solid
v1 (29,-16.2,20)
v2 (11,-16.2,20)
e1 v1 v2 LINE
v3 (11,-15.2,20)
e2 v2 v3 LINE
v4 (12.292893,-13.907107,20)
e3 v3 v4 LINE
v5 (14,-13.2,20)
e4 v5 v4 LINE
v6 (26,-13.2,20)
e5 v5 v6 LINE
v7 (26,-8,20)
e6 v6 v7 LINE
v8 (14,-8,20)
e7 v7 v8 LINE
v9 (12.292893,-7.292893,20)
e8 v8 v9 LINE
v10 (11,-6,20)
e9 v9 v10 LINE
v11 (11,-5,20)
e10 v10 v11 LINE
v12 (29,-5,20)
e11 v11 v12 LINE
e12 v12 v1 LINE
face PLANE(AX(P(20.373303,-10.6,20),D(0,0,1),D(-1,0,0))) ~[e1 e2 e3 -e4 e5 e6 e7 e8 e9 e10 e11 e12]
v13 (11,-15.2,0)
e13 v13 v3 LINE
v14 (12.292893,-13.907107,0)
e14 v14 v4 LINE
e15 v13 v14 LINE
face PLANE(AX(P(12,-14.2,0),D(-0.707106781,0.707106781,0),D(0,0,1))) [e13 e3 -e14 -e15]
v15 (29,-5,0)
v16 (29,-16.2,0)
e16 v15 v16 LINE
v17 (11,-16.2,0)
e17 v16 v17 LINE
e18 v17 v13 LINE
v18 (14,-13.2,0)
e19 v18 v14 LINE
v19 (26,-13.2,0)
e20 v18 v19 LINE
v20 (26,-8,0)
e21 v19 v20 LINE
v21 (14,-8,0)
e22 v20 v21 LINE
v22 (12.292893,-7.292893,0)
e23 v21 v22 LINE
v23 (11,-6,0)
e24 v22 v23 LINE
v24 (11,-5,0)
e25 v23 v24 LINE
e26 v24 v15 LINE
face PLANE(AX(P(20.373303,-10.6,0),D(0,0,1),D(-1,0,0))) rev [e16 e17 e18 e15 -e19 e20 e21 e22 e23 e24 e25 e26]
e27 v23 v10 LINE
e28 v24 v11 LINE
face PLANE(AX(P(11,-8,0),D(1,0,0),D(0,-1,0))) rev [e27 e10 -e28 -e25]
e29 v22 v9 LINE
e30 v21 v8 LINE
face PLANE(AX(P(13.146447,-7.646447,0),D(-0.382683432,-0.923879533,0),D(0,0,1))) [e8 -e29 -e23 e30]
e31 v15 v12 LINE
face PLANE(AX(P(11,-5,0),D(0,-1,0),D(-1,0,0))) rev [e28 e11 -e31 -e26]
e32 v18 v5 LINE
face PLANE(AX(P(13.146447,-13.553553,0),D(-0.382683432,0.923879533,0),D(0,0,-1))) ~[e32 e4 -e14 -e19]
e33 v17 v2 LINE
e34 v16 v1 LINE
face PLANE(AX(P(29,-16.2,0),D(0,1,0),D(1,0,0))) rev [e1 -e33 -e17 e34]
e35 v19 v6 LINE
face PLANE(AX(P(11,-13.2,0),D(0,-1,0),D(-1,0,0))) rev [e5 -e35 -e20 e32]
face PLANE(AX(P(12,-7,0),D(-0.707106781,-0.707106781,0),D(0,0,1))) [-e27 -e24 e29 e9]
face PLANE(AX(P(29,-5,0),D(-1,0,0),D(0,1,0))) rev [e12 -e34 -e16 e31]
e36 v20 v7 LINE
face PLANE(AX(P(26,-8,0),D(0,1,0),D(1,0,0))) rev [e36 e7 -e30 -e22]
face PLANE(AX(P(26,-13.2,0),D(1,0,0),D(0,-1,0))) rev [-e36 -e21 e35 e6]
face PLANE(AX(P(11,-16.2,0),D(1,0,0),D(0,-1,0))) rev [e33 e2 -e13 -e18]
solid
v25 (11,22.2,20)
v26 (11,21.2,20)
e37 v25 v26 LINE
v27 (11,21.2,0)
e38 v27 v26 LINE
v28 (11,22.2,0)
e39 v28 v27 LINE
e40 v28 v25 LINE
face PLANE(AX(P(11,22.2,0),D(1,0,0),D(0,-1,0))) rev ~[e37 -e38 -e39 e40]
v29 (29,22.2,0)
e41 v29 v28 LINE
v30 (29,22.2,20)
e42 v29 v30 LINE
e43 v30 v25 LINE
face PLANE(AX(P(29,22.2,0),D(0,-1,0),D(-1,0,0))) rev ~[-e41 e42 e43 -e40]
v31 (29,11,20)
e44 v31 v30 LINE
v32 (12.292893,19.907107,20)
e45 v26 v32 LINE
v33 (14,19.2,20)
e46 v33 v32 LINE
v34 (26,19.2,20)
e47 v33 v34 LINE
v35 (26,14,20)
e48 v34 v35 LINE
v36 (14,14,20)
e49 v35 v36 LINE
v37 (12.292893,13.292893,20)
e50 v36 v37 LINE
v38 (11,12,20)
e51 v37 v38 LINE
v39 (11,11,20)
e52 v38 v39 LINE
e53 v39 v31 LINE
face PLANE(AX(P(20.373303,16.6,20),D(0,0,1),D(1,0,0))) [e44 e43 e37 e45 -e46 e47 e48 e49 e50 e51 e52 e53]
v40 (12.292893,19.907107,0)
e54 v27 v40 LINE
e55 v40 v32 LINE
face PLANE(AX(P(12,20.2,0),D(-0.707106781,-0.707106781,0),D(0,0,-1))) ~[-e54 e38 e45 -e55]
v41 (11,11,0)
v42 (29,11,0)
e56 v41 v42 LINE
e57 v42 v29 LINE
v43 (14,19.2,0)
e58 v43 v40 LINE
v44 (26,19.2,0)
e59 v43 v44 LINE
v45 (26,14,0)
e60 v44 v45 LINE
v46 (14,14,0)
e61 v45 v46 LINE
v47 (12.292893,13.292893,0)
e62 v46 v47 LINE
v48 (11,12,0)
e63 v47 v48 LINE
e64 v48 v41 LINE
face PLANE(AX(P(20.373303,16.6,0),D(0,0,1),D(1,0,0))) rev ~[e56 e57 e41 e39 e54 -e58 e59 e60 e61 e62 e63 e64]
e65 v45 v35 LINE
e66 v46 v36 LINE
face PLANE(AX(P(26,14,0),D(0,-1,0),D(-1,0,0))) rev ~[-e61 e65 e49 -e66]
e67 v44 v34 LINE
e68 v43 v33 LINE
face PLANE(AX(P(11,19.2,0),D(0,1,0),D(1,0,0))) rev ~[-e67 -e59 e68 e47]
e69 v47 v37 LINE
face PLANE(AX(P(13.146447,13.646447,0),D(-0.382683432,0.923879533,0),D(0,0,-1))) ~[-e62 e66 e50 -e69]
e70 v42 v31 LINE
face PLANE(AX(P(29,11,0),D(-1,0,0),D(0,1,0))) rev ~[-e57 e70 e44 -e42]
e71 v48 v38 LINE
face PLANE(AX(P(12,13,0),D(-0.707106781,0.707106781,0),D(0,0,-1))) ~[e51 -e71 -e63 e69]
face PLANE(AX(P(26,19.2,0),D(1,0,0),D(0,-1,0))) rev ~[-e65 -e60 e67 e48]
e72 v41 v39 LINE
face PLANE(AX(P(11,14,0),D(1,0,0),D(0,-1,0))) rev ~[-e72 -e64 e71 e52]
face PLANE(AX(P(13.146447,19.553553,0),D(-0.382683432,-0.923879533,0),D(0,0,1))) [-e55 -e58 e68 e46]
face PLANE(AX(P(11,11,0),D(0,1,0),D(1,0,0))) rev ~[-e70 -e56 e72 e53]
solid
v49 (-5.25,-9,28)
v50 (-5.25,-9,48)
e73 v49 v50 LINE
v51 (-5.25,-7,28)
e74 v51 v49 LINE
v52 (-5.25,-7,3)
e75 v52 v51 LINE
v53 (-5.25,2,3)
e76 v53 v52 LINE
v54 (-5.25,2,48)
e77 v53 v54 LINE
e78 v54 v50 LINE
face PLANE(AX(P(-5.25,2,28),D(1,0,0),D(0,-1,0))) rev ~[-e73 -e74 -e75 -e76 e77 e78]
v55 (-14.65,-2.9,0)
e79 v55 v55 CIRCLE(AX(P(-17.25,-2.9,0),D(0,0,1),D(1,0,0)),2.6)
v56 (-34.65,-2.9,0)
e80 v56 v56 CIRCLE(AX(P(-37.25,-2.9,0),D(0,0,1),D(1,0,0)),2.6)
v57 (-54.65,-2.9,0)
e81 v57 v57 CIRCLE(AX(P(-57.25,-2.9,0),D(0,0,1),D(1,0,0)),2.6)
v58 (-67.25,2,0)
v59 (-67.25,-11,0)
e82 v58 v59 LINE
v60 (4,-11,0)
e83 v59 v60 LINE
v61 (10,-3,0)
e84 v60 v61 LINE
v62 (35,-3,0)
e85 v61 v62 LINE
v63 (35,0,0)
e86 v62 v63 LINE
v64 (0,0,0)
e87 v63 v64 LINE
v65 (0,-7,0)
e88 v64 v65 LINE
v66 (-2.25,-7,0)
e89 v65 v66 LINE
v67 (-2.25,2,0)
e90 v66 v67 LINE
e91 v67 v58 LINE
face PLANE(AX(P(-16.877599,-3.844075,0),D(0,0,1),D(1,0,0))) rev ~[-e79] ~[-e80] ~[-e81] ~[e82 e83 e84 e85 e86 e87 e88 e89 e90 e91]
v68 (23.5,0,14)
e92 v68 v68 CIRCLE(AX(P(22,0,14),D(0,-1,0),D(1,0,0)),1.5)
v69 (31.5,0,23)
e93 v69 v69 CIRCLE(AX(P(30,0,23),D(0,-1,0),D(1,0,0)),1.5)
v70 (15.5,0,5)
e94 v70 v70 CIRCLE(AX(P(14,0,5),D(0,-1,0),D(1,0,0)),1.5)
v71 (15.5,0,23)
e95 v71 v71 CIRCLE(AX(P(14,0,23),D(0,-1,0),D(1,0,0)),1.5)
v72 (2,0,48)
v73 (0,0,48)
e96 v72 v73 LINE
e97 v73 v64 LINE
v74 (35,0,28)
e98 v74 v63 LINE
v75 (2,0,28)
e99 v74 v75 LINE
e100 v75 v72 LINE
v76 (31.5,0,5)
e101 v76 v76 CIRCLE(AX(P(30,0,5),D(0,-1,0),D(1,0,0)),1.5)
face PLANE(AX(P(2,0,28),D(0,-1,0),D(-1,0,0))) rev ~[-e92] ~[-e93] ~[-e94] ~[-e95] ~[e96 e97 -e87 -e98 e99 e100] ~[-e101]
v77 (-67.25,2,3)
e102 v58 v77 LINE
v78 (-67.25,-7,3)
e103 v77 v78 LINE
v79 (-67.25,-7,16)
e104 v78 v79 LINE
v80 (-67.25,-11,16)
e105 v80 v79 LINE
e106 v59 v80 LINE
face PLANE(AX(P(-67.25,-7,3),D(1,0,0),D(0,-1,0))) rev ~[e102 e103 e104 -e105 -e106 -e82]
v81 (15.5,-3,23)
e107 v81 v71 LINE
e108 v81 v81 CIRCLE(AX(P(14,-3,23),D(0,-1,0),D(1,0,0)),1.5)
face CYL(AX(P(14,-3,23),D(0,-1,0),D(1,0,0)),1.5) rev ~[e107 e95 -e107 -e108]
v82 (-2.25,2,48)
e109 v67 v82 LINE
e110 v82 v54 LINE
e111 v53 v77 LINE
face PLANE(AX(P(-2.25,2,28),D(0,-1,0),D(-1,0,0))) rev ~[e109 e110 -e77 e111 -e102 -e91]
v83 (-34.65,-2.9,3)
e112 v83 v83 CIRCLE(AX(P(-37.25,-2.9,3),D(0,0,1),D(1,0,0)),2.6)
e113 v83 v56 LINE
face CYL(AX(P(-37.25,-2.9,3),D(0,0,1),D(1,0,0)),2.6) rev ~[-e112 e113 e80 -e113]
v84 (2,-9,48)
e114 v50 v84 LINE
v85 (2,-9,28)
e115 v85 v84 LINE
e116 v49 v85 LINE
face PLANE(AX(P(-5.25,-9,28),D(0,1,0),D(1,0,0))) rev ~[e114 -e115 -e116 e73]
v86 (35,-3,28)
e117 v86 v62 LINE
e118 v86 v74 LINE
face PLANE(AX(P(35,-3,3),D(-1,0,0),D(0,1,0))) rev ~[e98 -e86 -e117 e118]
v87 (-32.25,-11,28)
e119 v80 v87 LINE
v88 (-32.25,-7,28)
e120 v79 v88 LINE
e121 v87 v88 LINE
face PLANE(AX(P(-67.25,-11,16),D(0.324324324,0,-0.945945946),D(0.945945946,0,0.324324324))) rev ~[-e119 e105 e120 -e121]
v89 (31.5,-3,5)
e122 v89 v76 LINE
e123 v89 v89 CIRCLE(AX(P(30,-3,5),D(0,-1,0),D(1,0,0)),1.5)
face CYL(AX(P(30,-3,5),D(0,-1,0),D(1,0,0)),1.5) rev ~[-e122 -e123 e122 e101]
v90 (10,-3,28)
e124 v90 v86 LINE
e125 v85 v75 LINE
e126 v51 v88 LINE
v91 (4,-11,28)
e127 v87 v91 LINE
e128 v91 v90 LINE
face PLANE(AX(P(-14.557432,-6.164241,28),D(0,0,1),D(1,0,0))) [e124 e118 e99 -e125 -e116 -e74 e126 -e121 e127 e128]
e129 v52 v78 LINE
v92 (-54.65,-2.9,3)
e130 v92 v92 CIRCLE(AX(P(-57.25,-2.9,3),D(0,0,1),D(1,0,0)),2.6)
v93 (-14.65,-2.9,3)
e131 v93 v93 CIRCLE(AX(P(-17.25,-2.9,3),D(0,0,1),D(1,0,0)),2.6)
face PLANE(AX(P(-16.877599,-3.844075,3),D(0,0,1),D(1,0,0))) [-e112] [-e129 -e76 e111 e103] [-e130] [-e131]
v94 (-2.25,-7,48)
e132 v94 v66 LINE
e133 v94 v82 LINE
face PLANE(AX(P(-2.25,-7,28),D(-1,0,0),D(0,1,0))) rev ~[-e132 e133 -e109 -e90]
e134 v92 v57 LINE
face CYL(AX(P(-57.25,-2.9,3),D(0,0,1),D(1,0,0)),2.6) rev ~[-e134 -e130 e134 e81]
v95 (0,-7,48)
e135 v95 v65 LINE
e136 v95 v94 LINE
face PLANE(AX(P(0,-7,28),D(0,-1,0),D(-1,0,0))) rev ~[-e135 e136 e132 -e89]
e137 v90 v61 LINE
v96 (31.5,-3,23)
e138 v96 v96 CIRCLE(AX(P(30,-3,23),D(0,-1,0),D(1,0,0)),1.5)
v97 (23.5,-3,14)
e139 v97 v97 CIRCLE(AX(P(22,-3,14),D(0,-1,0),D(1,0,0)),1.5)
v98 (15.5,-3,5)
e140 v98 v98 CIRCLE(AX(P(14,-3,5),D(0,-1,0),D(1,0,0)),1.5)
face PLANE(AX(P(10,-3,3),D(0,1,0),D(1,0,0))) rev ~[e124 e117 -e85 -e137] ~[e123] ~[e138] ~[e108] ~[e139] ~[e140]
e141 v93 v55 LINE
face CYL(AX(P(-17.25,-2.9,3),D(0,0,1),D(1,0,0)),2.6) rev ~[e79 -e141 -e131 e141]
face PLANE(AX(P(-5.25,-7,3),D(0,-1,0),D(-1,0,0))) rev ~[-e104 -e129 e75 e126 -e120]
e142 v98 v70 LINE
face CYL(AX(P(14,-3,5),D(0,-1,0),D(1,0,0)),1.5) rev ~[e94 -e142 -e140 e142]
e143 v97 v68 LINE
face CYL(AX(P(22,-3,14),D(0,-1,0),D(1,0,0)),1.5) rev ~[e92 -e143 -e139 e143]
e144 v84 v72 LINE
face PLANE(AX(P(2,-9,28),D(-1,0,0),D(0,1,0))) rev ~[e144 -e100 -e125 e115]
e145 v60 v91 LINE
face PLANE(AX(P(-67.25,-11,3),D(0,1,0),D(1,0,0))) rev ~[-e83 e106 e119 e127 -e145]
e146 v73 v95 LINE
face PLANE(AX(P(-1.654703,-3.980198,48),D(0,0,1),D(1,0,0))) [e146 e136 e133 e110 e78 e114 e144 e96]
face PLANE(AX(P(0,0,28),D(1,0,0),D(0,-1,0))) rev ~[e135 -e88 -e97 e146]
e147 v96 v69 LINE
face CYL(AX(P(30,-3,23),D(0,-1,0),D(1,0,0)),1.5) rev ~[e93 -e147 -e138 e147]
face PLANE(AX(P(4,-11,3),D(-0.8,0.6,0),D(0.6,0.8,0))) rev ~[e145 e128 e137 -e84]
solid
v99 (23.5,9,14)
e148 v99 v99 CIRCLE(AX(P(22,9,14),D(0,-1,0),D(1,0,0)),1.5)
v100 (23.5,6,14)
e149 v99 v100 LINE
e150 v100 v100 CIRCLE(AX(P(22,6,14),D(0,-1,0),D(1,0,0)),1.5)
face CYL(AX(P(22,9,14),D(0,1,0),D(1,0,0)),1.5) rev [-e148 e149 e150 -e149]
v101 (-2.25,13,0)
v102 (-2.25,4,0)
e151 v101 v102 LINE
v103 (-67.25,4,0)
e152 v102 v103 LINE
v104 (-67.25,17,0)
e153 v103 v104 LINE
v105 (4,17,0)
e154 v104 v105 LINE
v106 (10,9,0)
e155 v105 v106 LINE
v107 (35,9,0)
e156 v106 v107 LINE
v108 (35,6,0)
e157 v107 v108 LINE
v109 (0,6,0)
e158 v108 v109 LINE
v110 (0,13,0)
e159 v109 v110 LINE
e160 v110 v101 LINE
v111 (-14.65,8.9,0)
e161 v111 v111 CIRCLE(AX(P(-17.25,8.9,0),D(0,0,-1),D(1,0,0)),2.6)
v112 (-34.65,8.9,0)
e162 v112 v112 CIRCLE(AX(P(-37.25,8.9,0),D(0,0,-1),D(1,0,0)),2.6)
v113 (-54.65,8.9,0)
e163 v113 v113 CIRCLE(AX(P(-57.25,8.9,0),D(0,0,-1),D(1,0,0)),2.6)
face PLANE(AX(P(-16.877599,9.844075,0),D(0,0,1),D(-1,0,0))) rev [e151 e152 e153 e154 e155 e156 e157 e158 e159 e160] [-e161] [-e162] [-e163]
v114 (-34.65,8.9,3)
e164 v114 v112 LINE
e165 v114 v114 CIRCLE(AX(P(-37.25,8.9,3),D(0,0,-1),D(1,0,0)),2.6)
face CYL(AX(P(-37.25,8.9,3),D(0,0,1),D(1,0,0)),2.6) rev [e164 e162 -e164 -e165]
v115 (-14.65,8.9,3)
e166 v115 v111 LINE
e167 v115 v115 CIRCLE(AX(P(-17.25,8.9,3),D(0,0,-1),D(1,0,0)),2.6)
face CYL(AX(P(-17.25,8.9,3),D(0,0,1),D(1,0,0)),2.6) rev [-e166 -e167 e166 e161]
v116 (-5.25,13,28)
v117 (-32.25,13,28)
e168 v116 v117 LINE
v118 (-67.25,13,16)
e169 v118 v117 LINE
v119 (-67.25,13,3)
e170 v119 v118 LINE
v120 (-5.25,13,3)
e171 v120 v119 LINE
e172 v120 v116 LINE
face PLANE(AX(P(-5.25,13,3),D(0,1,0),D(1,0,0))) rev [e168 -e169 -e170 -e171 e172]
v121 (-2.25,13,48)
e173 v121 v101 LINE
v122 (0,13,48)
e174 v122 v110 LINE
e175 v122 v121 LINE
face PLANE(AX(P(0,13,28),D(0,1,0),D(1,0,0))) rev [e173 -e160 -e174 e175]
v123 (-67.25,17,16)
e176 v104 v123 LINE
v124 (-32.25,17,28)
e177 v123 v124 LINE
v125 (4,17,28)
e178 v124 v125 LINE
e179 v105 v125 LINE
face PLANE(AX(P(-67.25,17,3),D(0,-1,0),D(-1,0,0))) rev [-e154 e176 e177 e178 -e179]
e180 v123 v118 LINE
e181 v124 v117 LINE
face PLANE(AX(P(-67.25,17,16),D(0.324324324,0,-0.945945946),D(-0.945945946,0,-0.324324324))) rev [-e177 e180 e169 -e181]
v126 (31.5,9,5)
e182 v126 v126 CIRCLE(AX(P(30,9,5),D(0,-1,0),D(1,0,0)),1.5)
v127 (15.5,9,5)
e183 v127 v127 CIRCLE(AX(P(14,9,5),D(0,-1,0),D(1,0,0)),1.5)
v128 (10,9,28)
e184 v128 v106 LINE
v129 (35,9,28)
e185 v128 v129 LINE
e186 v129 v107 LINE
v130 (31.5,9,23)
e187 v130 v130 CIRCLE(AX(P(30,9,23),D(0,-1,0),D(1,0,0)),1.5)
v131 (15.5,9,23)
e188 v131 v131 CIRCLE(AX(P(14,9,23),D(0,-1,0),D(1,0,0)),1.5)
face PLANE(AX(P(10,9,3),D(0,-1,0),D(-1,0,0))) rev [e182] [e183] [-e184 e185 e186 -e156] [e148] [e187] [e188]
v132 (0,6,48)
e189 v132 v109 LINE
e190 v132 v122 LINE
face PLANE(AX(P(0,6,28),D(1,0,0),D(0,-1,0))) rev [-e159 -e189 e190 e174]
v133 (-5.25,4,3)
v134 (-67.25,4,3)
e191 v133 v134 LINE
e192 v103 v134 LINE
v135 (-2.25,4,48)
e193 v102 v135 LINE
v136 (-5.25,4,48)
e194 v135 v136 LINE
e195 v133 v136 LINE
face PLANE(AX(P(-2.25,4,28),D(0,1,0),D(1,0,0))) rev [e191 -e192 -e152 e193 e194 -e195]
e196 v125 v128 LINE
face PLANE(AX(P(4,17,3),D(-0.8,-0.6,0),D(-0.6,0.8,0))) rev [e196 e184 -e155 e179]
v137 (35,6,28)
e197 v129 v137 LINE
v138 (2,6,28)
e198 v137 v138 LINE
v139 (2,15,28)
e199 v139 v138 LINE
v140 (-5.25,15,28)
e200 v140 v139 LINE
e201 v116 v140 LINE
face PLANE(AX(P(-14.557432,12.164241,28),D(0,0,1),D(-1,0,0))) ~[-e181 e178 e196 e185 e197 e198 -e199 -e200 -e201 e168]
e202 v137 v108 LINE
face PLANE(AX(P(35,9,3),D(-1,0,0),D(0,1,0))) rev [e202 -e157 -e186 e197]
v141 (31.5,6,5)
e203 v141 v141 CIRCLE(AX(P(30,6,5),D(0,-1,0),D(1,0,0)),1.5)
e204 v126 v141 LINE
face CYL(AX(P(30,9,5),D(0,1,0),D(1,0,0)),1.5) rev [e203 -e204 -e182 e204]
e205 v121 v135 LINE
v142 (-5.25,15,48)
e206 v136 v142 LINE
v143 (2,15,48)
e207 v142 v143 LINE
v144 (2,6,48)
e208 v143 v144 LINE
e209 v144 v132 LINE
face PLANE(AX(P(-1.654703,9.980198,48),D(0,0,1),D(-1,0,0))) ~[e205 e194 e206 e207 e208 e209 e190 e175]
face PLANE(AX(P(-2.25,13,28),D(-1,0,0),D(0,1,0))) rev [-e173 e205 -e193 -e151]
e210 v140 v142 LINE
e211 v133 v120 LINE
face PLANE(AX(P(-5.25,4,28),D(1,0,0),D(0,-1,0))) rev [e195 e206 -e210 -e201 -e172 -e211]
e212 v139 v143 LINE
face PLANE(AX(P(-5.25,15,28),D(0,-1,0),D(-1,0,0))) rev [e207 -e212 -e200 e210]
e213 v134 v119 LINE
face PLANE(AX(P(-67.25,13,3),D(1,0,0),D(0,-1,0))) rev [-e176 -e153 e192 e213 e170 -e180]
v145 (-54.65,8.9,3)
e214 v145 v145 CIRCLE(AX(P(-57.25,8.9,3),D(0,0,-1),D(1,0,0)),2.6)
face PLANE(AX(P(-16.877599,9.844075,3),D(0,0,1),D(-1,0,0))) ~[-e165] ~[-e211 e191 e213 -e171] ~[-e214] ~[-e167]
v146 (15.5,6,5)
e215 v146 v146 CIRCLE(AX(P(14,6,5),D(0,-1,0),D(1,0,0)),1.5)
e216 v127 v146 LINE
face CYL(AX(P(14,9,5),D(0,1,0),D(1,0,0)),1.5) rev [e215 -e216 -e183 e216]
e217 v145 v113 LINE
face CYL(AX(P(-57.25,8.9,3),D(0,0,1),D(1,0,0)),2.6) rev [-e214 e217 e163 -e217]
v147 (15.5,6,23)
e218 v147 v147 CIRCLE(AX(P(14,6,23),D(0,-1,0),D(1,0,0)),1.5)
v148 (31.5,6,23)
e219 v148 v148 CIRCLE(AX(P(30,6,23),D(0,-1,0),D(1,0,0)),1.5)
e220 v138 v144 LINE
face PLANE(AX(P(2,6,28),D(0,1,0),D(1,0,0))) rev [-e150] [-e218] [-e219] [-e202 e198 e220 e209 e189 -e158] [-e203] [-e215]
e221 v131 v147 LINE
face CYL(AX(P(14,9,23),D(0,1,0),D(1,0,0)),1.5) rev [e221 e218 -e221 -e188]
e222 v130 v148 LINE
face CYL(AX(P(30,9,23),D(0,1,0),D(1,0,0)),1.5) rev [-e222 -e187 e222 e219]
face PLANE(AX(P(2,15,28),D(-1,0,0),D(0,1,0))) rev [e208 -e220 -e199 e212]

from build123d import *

# Parameters (mm, degrees)
F1_DEPTH  = 3
F3_DEPTH  = 25
F5_R      = 2.6
F6_DEPTH  = 3
F7_R      = 1.5
F8_DEPTH  = 3
F10_DEPTH = 4
F12_DEPTH = 20
F15_DEPTH = 20
F16_SIZE  = 2
F17_SIZE  = 1


with BuildPart() as f1:
    # F0 (on Top) → F1 (new body)
    with BuildSketch(Plane.XY):
        Polygon((0, 0), (0, -7), (-2.25, -7), (-2.25, 2), (-67.25, 2), (-67.25, -11), (-2.25, -11), (4, -11), (10, -3), (35, -3), (35, 0), align=None)
    extrude(amount=F1_DEPTH)

    # F2 (on face) → F3 (join)
    with BuildSketch(Plane.XY.offset(3)):
        Polygon((35, 0), (0, 0), (0, -7), (-2.25, -7), (-2.25, 2), (-5.25, 2), (-5.25, -7), (-67.25, -7), (-67.25, -11), (4, -11), (10, -3), (35, -3), align=None)
    extrude(amount=F3_DEPTH)

    # F5 (on face) → F6 (cut, through all)
    with BuildSketch(Plane.XY.offset(3)):
        with Locations((-17.25, -2.9)):
            Circle(F5_R)
        with Locations((-37.25, -2.9)):
            Circle(F5_R)
        with Locations((-57.25, -2.9)):
            Circle(F5_R)
    extrude(amount=-F6_DEPTH, mode=Mode.SUBTRACT)

    # F7 (on face) → F8 (cut, through all)
    with BuildSketch(Plane.XZ.offset(3)):
        with Locations((30, 5)):
            Circle(F7_R)
        with Locations((14, 5)):
            Circle(F7_R)
        with Locations((14, 23)):
            Circle(F7_R)
        with Locations((30, 23)):
            Circle(F7_R)
        with Locations((22, 14)):
            Circle(F7_R)
    extrude(amount=-F8_DEPTH, mode=Mode.SUBTRACT)

    # F9 (on face) → F10 (cut, through all)
    with BuildSketch(Plane.XZ.offset(11)):
        Polygon((-67.25, 28), (-67.25, 16), (-32.25, 28), align=None)
    extrude(amount=-F10_DEPTH, mode=Mode.SUBTRACT)

    # F11 (on face) → F12 (join)
    with BuildSketch(Plane.XY.offset(28)):
        Polygon((-2.25, -7), (-2.25, 2), (-5.25, 2), (-5.25, -9), (2, -9), (2, 0), (0, 0), (0, -7), align=None)
    extrude(amount=F12_DEPTH)


with BuildPart() as f13_1:
    # F13: instance of F1
    add(f1.part.mirror(Plane.XZ.offset(-3)))


with BuildPart() as f15:
    # F14 (on Top) → F15 (new body)
    with BuildSketch(Plane.XY):
        Polygon((26, 14), (11, 14), (11, 11), (29, 11), (29, 22.2), (11, 22.2), (11, 19.2), (26, 19.2), align=None)
    extrude(amount=F15_DEPTH)

    # F16
    f16_edges = [f15.edges().sort_by_distance(p)[0] for p in [
        (11, 19.2, 10),
        (11, 14, 10),
    ]]
    chamfer(f16_edges, length=F16_SIZE)

    # F17
    f17_edges = [f15.edges().sort_by_distance(p)[0] for p in [
        (13, 14, 10),
        (13, 19.2, 10),
    ]]
    chamfer(f17_edges, length=F17_SIZE)


with BuildPart() as f18_1:
    # F18: instance of F15
    add(f15.part.mirror(Plane.XZ.offset(-3)))


solid = Compound([f1.part, f13_1.part, f15.part, f18_1.part])
